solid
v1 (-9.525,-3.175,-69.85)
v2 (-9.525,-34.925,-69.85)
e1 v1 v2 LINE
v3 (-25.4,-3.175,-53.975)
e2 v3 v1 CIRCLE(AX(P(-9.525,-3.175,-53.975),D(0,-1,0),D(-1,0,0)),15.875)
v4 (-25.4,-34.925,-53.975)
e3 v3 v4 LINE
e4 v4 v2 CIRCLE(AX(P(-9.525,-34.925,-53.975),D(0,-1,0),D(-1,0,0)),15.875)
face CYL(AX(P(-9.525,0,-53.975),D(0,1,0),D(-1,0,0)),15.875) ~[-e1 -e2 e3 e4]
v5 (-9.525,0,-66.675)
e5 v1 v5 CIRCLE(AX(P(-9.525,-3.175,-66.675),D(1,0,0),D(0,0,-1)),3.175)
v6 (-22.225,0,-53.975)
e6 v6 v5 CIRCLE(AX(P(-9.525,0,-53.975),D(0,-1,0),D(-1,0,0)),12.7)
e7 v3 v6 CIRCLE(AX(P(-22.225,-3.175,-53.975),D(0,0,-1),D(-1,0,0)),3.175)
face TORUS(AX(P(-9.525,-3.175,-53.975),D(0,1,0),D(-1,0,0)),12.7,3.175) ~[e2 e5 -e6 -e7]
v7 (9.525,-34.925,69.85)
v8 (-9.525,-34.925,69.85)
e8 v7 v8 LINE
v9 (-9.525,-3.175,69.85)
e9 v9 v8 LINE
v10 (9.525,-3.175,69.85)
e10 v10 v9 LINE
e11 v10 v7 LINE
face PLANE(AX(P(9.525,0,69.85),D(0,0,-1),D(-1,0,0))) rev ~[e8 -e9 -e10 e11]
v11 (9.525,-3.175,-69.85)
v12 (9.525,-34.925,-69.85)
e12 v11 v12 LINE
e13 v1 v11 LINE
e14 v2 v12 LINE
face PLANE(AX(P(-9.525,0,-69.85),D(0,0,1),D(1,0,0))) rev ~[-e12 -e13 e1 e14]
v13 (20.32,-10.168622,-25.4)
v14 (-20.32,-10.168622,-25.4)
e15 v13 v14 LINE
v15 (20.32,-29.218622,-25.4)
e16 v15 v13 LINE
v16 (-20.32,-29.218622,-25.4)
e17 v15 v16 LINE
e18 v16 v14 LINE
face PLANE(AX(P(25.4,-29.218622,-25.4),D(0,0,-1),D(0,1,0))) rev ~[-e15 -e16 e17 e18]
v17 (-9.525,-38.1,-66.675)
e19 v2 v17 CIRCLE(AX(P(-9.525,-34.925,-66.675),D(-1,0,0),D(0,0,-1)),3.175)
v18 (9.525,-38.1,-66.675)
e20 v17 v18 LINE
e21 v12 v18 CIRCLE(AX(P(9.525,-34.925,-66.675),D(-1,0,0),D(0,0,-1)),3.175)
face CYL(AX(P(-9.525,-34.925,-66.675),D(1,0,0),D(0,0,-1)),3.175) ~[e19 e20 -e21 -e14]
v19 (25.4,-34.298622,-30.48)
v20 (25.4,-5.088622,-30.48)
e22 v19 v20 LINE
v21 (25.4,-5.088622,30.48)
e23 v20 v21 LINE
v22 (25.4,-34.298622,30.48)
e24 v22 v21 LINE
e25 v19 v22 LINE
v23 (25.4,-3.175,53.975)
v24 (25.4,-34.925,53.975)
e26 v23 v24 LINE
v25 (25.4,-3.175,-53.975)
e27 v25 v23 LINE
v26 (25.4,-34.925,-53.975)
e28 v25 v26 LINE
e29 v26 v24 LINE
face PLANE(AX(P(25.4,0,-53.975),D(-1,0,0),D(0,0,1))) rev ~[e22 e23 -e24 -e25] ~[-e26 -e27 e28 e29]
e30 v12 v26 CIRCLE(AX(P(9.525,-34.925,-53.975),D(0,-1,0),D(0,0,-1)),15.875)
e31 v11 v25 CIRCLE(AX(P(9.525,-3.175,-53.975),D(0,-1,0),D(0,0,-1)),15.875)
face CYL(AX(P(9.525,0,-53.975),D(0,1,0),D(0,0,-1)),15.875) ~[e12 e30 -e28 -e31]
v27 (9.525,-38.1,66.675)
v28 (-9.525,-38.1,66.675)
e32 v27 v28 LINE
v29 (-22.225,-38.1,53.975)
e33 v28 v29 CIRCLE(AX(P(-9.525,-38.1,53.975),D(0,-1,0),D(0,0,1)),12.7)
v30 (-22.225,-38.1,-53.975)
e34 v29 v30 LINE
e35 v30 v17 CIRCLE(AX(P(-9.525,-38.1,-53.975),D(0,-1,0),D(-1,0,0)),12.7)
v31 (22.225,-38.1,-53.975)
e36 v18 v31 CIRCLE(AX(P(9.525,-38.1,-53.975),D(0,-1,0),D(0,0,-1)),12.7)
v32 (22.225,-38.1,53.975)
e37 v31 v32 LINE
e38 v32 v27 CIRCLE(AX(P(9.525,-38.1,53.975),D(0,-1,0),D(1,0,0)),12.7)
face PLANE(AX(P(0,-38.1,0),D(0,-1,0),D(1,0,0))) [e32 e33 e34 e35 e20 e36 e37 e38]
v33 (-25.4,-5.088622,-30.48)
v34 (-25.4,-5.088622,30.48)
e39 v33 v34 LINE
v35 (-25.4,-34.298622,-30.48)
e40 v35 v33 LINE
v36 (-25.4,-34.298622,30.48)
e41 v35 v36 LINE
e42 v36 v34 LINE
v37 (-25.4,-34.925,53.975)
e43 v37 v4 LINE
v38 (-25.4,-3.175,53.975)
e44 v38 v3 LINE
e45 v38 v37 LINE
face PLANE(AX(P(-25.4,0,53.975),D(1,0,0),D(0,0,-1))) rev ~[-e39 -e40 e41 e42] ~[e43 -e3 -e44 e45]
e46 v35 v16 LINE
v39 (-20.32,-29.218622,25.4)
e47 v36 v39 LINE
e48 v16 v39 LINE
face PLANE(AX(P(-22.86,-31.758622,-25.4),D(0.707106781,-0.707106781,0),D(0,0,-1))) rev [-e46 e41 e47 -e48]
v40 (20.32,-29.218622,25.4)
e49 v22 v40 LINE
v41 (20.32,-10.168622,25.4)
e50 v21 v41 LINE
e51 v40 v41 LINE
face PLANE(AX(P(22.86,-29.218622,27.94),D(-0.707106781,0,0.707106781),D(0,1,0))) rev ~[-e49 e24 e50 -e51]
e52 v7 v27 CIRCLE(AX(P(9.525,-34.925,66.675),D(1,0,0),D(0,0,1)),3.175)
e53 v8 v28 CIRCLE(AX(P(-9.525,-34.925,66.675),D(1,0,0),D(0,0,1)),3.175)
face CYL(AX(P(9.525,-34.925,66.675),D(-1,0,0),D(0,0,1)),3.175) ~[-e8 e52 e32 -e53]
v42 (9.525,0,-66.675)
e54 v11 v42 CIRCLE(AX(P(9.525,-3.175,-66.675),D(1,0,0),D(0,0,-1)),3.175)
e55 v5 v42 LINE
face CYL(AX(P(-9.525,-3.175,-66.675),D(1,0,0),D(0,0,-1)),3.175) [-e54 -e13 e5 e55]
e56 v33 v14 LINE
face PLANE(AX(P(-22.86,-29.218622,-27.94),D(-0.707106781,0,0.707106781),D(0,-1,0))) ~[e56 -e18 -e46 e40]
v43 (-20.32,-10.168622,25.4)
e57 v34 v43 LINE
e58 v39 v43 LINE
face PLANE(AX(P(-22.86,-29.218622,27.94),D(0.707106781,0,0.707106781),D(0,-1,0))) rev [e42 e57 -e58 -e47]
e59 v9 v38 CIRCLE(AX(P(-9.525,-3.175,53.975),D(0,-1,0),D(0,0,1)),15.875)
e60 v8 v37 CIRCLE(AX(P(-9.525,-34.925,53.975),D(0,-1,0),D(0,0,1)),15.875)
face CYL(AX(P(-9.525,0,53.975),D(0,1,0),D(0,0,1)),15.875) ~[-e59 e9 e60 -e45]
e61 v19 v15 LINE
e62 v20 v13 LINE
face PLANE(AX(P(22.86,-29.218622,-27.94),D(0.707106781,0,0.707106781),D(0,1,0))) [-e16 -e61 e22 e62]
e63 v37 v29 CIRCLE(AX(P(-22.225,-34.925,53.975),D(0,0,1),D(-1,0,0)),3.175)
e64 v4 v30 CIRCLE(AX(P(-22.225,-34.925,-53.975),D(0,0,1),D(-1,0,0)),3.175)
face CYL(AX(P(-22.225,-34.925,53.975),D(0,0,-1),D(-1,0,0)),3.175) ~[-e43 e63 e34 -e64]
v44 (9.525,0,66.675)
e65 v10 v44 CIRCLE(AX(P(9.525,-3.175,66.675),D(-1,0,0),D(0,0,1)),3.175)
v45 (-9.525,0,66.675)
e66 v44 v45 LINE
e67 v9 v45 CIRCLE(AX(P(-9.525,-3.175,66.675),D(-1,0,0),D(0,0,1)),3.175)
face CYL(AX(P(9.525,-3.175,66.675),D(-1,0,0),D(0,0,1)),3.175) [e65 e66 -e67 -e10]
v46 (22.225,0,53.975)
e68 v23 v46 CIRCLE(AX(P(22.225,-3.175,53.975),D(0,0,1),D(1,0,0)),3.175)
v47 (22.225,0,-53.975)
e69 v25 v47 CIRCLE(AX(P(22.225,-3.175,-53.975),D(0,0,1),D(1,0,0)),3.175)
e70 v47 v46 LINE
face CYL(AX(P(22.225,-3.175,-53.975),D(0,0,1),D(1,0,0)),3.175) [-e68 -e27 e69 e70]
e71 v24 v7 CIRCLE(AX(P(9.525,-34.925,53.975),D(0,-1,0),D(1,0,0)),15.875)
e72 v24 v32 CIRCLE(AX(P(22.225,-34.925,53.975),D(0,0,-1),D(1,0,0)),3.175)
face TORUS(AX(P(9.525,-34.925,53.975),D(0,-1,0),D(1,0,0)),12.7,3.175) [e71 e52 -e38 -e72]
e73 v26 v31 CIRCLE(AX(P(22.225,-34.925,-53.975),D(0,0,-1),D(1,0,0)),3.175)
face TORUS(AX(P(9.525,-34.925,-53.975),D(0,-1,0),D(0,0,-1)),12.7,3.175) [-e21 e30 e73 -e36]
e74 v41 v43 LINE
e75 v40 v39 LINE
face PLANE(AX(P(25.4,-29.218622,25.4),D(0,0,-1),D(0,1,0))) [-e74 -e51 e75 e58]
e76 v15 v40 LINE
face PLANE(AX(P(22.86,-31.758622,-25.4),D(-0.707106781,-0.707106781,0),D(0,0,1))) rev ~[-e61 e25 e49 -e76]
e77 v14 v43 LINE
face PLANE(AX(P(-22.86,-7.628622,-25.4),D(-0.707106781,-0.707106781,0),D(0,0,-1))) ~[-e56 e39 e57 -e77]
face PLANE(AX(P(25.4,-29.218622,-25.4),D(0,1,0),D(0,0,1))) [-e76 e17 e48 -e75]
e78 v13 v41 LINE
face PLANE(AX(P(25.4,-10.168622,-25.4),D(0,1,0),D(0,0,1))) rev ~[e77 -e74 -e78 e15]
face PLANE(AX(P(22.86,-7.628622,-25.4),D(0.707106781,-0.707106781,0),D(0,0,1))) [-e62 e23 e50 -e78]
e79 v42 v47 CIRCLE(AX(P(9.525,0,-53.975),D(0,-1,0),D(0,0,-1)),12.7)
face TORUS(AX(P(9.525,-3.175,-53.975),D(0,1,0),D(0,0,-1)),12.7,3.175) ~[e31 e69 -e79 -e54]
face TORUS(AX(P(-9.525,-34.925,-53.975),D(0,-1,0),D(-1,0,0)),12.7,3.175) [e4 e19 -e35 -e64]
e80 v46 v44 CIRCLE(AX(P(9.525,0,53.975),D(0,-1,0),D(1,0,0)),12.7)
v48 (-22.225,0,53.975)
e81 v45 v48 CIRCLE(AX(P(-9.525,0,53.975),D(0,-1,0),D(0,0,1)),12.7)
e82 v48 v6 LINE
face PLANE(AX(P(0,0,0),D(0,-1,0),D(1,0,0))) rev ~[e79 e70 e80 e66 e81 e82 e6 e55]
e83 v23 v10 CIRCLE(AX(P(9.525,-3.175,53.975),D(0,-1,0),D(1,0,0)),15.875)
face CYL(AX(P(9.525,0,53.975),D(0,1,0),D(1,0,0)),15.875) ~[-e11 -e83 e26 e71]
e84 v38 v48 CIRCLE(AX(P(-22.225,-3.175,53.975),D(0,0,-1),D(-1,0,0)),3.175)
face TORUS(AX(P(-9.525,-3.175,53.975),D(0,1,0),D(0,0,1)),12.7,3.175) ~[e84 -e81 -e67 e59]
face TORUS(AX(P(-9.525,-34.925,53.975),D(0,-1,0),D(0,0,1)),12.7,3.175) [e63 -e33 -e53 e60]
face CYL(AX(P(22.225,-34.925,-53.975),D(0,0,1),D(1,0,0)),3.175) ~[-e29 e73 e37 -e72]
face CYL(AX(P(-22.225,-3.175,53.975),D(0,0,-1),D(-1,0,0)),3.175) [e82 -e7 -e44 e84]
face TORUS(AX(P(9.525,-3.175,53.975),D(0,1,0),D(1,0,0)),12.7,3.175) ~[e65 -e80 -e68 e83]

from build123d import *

# Parameters (mm, degrees)
F1_DEPTH = 38.1
F2_R     = 3.175
F3_W     = 19.05
F3_H     = 50.8
F4_DEPTH = 50.801
F5_SIZE  = 5.08


with BuildPart() as f1:
    # F0 (on Front) → F1 (new body)
    with BuildSketch(Plane.XZ):
        with BuildLine():
            Line((9.525, 69.85), (-9.525, 69.85))
            ThreePointArc((-9.525, 69.85), (-20.7503201513, 65.2003201513), (-25.4, 53.975))
            Line((-25.4, 53.975), (-25.4, -53.975))
            ThreePointArc((-25.4, -53.975), (-20.7503201513, -65.2003201513), (-9.525, -69.85))
            Line((-9.525, -69.85), (9.525, -69.85))
            ThreePointArc((9.525, -69.85), (20.7503201513, -65.2003201513), (25.4, -53.975))
            Line((25.4, -53.975), (25.4, 53.975))
            ThreePointArc((25.4, 53.975), (20.7503201513, 65.2003201513), (9.525, 69.85))
        make_face()
    extrude(amount=F1_DEPTH)

    # F2
    f2_edges = [f1.edges().sort_by_distance(p)[0] for p in [
        (25.4, -38.1, 0),
        (25.4, 0, 0),
    ]]
    fillet(f2_edges, radius=F2_R)

    # F3 (on face) → F4 (cut, through all)
    with BuildSketch(Plane.YZ.offset(25.4)):
        with Locations((-19.6936223656, 0)):
            Rectangle(F3_W, F3_H)
    extrude(amount=-F4_DEPTH, mode=Mode.SUBTRACT)

    # F5
    f5_edges = [f1.edges().sort_by_distance(p)[0] for p in [
        (-25.4, -19.05, 53.975),
        (-25.4, -3.175, 0),
        (-25.4, -34.925, 0),
        (-25.4, -19.05, -53.975),
        (-25.4, -19.693622, -25.4),
        (-25.4, -10.168622, 0),
        (-25.4, -19.693622, 25.4),
        (-25.4, -29.218622, 0),
        (25.4, -19.05, -53.975),
        (25.4, -3.175, 0),
        (25.4, -34.925, 0),
        (25.4, -19.05, 53.975),
        (25.4, -29.218622, 0),
        (25.4, -19.693622, 25.4),
        (25.4, -10.168622, 0),
        (25.4, -19.693622, -25.4),
    ]]
    chamfer(f5_edges, length=F5_SIZE)


solid = f1.part
